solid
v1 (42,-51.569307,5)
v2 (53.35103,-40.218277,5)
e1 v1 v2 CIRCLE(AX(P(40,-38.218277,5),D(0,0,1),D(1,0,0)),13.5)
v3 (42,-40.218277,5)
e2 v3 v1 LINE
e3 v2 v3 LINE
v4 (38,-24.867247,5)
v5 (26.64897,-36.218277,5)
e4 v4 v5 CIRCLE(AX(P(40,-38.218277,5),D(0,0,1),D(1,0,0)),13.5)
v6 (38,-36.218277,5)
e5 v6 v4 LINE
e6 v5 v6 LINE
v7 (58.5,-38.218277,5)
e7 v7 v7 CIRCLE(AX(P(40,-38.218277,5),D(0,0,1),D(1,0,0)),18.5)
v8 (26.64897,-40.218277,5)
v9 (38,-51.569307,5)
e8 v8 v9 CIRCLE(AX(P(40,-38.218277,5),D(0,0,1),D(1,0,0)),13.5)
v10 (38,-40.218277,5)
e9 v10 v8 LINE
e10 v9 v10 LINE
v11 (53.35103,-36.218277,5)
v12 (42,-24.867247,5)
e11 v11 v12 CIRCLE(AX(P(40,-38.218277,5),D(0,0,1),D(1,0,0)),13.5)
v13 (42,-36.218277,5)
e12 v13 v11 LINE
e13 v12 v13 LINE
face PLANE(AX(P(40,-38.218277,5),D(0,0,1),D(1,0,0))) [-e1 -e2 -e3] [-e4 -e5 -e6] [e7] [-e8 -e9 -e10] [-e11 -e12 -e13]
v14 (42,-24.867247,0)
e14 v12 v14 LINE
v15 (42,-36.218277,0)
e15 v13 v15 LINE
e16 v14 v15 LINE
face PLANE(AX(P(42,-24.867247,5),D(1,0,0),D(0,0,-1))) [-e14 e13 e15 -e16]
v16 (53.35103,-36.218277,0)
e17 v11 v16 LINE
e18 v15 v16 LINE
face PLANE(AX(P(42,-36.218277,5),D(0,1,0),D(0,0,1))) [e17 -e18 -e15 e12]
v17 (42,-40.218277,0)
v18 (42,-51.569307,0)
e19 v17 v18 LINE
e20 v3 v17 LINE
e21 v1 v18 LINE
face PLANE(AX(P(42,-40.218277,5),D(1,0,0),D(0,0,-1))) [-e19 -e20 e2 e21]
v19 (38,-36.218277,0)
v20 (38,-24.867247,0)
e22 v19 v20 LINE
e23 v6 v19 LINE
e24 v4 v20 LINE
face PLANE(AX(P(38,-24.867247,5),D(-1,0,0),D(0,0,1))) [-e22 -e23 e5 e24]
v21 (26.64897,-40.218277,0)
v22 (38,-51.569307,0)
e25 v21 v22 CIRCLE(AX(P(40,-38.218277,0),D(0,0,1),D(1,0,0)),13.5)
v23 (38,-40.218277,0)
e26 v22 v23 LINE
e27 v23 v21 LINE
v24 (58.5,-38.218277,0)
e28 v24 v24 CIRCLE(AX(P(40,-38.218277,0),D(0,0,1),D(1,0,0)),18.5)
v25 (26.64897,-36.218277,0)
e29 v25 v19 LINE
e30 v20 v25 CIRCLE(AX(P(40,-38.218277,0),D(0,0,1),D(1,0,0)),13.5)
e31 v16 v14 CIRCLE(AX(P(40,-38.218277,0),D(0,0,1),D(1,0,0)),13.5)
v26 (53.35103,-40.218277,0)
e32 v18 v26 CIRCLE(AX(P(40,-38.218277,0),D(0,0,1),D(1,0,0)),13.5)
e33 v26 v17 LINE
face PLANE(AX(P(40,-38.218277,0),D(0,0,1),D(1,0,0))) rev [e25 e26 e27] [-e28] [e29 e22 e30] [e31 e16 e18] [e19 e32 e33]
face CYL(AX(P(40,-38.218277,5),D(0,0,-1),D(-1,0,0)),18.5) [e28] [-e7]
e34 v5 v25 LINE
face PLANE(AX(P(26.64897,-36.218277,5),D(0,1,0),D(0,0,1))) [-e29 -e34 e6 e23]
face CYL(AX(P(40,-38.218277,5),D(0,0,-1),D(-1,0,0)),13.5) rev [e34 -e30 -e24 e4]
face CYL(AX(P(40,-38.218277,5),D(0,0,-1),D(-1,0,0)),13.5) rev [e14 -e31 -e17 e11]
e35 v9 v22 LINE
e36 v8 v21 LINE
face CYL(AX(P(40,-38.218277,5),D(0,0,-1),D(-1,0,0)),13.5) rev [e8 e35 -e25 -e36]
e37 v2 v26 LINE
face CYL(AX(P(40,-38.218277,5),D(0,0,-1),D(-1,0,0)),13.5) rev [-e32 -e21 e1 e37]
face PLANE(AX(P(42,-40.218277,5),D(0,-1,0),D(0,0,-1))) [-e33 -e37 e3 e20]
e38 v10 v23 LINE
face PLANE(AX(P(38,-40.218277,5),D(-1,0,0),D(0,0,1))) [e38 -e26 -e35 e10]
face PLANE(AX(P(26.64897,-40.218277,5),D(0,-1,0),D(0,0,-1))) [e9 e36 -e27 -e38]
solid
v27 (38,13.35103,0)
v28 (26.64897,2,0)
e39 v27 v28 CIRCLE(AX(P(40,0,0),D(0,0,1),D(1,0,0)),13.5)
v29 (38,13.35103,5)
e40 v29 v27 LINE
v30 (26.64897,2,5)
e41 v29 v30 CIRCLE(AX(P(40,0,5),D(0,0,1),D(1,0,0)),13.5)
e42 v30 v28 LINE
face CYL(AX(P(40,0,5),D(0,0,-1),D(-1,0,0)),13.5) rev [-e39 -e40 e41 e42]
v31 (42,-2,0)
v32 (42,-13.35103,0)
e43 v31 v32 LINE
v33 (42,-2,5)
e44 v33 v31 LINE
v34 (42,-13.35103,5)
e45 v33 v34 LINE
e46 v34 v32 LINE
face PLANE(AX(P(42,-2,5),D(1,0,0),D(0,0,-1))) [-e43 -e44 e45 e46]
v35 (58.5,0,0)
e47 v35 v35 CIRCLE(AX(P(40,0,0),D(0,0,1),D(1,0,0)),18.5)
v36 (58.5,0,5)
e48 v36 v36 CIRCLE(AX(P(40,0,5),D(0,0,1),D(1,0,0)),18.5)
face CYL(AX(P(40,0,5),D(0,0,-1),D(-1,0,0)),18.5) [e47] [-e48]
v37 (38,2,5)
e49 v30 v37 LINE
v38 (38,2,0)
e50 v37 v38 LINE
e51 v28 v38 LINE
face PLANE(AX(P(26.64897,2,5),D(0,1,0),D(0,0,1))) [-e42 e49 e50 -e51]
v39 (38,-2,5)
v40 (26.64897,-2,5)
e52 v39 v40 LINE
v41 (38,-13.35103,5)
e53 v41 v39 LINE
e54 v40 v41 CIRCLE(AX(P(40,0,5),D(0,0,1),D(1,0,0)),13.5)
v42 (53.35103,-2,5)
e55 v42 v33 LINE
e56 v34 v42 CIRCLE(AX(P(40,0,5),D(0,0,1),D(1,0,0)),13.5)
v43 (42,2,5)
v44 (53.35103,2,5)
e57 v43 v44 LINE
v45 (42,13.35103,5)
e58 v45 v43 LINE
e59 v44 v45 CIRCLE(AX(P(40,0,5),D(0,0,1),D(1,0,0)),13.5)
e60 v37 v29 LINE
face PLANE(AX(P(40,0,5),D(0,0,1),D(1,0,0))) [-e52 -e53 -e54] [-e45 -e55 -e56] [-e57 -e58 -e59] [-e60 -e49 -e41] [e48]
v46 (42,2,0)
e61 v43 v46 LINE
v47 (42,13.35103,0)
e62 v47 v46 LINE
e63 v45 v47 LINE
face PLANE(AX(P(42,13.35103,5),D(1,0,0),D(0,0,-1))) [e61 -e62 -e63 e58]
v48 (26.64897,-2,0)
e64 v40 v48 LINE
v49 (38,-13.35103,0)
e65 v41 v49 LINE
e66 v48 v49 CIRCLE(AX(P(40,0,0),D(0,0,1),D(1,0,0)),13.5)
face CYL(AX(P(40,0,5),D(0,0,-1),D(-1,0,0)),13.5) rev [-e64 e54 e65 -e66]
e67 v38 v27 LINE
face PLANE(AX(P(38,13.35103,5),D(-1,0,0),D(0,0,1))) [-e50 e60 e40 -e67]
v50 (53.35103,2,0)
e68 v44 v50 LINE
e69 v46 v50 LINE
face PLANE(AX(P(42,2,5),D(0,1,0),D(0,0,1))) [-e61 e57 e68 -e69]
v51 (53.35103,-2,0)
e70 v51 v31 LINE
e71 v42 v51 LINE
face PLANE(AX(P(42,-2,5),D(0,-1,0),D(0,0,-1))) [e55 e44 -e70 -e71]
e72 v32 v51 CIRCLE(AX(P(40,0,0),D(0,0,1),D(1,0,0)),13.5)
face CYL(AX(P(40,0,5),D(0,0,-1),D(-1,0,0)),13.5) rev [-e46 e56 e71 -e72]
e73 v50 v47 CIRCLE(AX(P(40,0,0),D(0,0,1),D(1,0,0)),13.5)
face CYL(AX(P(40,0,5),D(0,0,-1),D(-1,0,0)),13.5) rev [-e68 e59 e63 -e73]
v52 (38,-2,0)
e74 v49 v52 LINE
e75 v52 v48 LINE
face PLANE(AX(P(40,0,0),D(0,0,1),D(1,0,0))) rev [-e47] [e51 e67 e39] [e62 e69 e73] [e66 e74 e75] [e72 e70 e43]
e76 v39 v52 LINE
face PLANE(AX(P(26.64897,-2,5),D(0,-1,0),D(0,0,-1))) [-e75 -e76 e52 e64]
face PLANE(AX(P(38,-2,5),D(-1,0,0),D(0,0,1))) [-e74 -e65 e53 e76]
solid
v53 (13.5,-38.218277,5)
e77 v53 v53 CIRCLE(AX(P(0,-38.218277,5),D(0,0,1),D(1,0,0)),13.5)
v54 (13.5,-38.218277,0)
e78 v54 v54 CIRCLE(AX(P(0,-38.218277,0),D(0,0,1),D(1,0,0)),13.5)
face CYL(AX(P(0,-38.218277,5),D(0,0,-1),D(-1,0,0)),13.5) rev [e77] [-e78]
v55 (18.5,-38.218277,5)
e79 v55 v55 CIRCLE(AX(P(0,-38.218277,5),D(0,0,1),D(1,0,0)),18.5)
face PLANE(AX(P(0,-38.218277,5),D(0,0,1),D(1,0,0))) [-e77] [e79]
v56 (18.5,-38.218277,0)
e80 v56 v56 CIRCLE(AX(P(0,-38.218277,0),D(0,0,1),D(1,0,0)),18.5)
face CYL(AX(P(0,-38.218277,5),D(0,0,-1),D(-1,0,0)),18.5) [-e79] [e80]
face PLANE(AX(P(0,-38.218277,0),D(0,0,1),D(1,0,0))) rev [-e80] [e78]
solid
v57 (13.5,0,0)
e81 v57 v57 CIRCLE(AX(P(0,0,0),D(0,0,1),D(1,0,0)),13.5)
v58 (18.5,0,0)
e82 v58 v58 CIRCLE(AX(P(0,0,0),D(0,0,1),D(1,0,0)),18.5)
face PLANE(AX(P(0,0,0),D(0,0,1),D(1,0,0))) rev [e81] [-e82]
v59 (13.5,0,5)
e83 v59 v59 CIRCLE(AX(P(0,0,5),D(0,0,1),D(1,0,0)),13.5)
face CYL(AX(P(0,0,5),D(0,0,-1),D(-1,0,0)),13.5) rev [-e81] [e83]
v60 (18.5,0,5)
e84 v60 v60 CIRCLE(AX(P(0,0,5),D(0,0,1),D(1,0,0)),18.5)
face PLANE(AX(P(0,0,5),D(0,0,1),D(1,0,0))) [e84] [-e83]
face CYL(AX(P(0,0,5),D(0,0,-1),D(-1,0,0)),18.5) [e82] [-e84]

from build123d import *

# Parameters (mm, degrees)
SKETCH1_R             = 18.5
SKETCH1_R_2           = 13.5
BOSS_EXTRUDE1_DEPTH   = 5
BOSS_EXTRUDE1_2_DEPTH = 5
BOSS_EXTRUDE1_3_DEPTH = 5
BOSS_EXTRUDE1_4_DEPTH = 5


with BuildPart() as part:
    # Sketch1 → Boss-Extrude1 (new body)
    with BuildSketch(Plane.XY):
        Circle(SKETCH1_R)
        Circle(SKETCH1_R_2, mode=Mode.SUBTRACT)
    extrude(amount=BOSS_EXTRUDE1_DEPTH)


with BuildPart() as body_2:
    # Sketch1 → Boss-Extrude1 2 (new body)
    with BuildSketch(Plane.XY):
        with Locations((40, 0)):
            Circle(SKETCH1_R)
        with BuildLine():
            Line((38, 13.351029923), (38, 2))
            Line((38, 2), (26.648970077, 2))
            ThreePointArc((26.648970077, 2), (30.454058454, 9.545941546), (38, 13.351029923))
        make_face(mode=Mode.SUBTRACT)
        with BuildLine():
            Line((26.648970077, -2), (38, -2))
            Line((38, -2), (38, -13.351029923))
            ThreePointArc((38, -13.351029923), (30.454058454, -9.545941546), (26.648970077, -2))
        make_face(mode=Mode.SUBTRACT)
        with BuildLine():
            Line((42, 13.351029923), (42, 2))
            Line((42, 2), (53.351029923, 2))
            ThreePointArc((53.351029923, 2), (49.545941546, 9.545941546), (42, 13.351029923))
        make_face(mode=Mode.SUBTRACT)
        with BuildLine():
            Line((42, -2), (42, -13.351029923))
            ThreePointArc((42, -13.351029923), (49.545941546, -9.545941546), (53.351029923, -2))
            Line((53.351029923, -2), (42, -2))
        make_face(mode=Mode.SUBTRACT)
    extrude(amount=BOSS_EXTRUDE1_2_DEPTH)


with BuildPart() as body_3:
    # Sketch1 → Boss-Extrude1 3 (new body)
    with BuildSketch(Plane.XY):
        with Locations((0, -38.218276901)):
            Circle(SKETCH1_R)
        with Locations((0, -38.218276901)):
            Circle(SKETCH1_R_2, mode=Mode.SUBTRACT)
    extrude(amount=BOSS_EXTRUDE1_3_DEPTH)


with BuildPart() as body_4:
    # Sketch1 → Boss-Extrude1 4 (new body)
    with BuildSketch(Plane.XY):
        with Locations((40, -38.218276901)):
            Circle(SKETCH1_R)
        with BuildLine():
            Line((26.648970077, -36.218276901), (38, -36.218276901))
            Line((38, -36.218276901), (38, -24.867246978))
            ThreePointArc((38, -24.867246978), (30.454058454, -28.672335355), (26.648970077, -36.218276901))
        make_face(mode=Mode.SUBTRACT)
        with BuildLine():
            Line((38, -40.218276901), (38, -51.569306824))
            ThreePointArc((38, -51.569306824), (30.454058454, -47.764218447), (26.648970077, -40.218276901))
            Line((26.648970077, -40.218276901), (38, -40.218276901))
        make_face(mode=Mode.SUBTRACT)
        with BuildLine():
            Line((42, -40.218276901), (53.351029923, -40.218276901))
            ThreePointArc((53.351029923, -40.218276901), (49.545941546, -47.764218447), (42, -51.569306824))
            Line((42, -51.569306824), (42, -40.218276901))
        make_face(mode=Mode.SUBTRACT)
        with BuildLine():
            Line((42, -36.218276901), (53.351029923, -36.218276901))
            ThreePointArc((53.351029923, -36.218276901), (49.545941546, -28.672335355), (42, -24.867246978))
            Line((42, -24.867246978), (42, -36.218276901))
        make_face(mode=Mode.SUBTRACT)
    extrude(amount=BOSS_EXTRUDE1_4_DEPTH)


solid = Compound([part.part, body_2.part, body_3.part, body_4.part])
